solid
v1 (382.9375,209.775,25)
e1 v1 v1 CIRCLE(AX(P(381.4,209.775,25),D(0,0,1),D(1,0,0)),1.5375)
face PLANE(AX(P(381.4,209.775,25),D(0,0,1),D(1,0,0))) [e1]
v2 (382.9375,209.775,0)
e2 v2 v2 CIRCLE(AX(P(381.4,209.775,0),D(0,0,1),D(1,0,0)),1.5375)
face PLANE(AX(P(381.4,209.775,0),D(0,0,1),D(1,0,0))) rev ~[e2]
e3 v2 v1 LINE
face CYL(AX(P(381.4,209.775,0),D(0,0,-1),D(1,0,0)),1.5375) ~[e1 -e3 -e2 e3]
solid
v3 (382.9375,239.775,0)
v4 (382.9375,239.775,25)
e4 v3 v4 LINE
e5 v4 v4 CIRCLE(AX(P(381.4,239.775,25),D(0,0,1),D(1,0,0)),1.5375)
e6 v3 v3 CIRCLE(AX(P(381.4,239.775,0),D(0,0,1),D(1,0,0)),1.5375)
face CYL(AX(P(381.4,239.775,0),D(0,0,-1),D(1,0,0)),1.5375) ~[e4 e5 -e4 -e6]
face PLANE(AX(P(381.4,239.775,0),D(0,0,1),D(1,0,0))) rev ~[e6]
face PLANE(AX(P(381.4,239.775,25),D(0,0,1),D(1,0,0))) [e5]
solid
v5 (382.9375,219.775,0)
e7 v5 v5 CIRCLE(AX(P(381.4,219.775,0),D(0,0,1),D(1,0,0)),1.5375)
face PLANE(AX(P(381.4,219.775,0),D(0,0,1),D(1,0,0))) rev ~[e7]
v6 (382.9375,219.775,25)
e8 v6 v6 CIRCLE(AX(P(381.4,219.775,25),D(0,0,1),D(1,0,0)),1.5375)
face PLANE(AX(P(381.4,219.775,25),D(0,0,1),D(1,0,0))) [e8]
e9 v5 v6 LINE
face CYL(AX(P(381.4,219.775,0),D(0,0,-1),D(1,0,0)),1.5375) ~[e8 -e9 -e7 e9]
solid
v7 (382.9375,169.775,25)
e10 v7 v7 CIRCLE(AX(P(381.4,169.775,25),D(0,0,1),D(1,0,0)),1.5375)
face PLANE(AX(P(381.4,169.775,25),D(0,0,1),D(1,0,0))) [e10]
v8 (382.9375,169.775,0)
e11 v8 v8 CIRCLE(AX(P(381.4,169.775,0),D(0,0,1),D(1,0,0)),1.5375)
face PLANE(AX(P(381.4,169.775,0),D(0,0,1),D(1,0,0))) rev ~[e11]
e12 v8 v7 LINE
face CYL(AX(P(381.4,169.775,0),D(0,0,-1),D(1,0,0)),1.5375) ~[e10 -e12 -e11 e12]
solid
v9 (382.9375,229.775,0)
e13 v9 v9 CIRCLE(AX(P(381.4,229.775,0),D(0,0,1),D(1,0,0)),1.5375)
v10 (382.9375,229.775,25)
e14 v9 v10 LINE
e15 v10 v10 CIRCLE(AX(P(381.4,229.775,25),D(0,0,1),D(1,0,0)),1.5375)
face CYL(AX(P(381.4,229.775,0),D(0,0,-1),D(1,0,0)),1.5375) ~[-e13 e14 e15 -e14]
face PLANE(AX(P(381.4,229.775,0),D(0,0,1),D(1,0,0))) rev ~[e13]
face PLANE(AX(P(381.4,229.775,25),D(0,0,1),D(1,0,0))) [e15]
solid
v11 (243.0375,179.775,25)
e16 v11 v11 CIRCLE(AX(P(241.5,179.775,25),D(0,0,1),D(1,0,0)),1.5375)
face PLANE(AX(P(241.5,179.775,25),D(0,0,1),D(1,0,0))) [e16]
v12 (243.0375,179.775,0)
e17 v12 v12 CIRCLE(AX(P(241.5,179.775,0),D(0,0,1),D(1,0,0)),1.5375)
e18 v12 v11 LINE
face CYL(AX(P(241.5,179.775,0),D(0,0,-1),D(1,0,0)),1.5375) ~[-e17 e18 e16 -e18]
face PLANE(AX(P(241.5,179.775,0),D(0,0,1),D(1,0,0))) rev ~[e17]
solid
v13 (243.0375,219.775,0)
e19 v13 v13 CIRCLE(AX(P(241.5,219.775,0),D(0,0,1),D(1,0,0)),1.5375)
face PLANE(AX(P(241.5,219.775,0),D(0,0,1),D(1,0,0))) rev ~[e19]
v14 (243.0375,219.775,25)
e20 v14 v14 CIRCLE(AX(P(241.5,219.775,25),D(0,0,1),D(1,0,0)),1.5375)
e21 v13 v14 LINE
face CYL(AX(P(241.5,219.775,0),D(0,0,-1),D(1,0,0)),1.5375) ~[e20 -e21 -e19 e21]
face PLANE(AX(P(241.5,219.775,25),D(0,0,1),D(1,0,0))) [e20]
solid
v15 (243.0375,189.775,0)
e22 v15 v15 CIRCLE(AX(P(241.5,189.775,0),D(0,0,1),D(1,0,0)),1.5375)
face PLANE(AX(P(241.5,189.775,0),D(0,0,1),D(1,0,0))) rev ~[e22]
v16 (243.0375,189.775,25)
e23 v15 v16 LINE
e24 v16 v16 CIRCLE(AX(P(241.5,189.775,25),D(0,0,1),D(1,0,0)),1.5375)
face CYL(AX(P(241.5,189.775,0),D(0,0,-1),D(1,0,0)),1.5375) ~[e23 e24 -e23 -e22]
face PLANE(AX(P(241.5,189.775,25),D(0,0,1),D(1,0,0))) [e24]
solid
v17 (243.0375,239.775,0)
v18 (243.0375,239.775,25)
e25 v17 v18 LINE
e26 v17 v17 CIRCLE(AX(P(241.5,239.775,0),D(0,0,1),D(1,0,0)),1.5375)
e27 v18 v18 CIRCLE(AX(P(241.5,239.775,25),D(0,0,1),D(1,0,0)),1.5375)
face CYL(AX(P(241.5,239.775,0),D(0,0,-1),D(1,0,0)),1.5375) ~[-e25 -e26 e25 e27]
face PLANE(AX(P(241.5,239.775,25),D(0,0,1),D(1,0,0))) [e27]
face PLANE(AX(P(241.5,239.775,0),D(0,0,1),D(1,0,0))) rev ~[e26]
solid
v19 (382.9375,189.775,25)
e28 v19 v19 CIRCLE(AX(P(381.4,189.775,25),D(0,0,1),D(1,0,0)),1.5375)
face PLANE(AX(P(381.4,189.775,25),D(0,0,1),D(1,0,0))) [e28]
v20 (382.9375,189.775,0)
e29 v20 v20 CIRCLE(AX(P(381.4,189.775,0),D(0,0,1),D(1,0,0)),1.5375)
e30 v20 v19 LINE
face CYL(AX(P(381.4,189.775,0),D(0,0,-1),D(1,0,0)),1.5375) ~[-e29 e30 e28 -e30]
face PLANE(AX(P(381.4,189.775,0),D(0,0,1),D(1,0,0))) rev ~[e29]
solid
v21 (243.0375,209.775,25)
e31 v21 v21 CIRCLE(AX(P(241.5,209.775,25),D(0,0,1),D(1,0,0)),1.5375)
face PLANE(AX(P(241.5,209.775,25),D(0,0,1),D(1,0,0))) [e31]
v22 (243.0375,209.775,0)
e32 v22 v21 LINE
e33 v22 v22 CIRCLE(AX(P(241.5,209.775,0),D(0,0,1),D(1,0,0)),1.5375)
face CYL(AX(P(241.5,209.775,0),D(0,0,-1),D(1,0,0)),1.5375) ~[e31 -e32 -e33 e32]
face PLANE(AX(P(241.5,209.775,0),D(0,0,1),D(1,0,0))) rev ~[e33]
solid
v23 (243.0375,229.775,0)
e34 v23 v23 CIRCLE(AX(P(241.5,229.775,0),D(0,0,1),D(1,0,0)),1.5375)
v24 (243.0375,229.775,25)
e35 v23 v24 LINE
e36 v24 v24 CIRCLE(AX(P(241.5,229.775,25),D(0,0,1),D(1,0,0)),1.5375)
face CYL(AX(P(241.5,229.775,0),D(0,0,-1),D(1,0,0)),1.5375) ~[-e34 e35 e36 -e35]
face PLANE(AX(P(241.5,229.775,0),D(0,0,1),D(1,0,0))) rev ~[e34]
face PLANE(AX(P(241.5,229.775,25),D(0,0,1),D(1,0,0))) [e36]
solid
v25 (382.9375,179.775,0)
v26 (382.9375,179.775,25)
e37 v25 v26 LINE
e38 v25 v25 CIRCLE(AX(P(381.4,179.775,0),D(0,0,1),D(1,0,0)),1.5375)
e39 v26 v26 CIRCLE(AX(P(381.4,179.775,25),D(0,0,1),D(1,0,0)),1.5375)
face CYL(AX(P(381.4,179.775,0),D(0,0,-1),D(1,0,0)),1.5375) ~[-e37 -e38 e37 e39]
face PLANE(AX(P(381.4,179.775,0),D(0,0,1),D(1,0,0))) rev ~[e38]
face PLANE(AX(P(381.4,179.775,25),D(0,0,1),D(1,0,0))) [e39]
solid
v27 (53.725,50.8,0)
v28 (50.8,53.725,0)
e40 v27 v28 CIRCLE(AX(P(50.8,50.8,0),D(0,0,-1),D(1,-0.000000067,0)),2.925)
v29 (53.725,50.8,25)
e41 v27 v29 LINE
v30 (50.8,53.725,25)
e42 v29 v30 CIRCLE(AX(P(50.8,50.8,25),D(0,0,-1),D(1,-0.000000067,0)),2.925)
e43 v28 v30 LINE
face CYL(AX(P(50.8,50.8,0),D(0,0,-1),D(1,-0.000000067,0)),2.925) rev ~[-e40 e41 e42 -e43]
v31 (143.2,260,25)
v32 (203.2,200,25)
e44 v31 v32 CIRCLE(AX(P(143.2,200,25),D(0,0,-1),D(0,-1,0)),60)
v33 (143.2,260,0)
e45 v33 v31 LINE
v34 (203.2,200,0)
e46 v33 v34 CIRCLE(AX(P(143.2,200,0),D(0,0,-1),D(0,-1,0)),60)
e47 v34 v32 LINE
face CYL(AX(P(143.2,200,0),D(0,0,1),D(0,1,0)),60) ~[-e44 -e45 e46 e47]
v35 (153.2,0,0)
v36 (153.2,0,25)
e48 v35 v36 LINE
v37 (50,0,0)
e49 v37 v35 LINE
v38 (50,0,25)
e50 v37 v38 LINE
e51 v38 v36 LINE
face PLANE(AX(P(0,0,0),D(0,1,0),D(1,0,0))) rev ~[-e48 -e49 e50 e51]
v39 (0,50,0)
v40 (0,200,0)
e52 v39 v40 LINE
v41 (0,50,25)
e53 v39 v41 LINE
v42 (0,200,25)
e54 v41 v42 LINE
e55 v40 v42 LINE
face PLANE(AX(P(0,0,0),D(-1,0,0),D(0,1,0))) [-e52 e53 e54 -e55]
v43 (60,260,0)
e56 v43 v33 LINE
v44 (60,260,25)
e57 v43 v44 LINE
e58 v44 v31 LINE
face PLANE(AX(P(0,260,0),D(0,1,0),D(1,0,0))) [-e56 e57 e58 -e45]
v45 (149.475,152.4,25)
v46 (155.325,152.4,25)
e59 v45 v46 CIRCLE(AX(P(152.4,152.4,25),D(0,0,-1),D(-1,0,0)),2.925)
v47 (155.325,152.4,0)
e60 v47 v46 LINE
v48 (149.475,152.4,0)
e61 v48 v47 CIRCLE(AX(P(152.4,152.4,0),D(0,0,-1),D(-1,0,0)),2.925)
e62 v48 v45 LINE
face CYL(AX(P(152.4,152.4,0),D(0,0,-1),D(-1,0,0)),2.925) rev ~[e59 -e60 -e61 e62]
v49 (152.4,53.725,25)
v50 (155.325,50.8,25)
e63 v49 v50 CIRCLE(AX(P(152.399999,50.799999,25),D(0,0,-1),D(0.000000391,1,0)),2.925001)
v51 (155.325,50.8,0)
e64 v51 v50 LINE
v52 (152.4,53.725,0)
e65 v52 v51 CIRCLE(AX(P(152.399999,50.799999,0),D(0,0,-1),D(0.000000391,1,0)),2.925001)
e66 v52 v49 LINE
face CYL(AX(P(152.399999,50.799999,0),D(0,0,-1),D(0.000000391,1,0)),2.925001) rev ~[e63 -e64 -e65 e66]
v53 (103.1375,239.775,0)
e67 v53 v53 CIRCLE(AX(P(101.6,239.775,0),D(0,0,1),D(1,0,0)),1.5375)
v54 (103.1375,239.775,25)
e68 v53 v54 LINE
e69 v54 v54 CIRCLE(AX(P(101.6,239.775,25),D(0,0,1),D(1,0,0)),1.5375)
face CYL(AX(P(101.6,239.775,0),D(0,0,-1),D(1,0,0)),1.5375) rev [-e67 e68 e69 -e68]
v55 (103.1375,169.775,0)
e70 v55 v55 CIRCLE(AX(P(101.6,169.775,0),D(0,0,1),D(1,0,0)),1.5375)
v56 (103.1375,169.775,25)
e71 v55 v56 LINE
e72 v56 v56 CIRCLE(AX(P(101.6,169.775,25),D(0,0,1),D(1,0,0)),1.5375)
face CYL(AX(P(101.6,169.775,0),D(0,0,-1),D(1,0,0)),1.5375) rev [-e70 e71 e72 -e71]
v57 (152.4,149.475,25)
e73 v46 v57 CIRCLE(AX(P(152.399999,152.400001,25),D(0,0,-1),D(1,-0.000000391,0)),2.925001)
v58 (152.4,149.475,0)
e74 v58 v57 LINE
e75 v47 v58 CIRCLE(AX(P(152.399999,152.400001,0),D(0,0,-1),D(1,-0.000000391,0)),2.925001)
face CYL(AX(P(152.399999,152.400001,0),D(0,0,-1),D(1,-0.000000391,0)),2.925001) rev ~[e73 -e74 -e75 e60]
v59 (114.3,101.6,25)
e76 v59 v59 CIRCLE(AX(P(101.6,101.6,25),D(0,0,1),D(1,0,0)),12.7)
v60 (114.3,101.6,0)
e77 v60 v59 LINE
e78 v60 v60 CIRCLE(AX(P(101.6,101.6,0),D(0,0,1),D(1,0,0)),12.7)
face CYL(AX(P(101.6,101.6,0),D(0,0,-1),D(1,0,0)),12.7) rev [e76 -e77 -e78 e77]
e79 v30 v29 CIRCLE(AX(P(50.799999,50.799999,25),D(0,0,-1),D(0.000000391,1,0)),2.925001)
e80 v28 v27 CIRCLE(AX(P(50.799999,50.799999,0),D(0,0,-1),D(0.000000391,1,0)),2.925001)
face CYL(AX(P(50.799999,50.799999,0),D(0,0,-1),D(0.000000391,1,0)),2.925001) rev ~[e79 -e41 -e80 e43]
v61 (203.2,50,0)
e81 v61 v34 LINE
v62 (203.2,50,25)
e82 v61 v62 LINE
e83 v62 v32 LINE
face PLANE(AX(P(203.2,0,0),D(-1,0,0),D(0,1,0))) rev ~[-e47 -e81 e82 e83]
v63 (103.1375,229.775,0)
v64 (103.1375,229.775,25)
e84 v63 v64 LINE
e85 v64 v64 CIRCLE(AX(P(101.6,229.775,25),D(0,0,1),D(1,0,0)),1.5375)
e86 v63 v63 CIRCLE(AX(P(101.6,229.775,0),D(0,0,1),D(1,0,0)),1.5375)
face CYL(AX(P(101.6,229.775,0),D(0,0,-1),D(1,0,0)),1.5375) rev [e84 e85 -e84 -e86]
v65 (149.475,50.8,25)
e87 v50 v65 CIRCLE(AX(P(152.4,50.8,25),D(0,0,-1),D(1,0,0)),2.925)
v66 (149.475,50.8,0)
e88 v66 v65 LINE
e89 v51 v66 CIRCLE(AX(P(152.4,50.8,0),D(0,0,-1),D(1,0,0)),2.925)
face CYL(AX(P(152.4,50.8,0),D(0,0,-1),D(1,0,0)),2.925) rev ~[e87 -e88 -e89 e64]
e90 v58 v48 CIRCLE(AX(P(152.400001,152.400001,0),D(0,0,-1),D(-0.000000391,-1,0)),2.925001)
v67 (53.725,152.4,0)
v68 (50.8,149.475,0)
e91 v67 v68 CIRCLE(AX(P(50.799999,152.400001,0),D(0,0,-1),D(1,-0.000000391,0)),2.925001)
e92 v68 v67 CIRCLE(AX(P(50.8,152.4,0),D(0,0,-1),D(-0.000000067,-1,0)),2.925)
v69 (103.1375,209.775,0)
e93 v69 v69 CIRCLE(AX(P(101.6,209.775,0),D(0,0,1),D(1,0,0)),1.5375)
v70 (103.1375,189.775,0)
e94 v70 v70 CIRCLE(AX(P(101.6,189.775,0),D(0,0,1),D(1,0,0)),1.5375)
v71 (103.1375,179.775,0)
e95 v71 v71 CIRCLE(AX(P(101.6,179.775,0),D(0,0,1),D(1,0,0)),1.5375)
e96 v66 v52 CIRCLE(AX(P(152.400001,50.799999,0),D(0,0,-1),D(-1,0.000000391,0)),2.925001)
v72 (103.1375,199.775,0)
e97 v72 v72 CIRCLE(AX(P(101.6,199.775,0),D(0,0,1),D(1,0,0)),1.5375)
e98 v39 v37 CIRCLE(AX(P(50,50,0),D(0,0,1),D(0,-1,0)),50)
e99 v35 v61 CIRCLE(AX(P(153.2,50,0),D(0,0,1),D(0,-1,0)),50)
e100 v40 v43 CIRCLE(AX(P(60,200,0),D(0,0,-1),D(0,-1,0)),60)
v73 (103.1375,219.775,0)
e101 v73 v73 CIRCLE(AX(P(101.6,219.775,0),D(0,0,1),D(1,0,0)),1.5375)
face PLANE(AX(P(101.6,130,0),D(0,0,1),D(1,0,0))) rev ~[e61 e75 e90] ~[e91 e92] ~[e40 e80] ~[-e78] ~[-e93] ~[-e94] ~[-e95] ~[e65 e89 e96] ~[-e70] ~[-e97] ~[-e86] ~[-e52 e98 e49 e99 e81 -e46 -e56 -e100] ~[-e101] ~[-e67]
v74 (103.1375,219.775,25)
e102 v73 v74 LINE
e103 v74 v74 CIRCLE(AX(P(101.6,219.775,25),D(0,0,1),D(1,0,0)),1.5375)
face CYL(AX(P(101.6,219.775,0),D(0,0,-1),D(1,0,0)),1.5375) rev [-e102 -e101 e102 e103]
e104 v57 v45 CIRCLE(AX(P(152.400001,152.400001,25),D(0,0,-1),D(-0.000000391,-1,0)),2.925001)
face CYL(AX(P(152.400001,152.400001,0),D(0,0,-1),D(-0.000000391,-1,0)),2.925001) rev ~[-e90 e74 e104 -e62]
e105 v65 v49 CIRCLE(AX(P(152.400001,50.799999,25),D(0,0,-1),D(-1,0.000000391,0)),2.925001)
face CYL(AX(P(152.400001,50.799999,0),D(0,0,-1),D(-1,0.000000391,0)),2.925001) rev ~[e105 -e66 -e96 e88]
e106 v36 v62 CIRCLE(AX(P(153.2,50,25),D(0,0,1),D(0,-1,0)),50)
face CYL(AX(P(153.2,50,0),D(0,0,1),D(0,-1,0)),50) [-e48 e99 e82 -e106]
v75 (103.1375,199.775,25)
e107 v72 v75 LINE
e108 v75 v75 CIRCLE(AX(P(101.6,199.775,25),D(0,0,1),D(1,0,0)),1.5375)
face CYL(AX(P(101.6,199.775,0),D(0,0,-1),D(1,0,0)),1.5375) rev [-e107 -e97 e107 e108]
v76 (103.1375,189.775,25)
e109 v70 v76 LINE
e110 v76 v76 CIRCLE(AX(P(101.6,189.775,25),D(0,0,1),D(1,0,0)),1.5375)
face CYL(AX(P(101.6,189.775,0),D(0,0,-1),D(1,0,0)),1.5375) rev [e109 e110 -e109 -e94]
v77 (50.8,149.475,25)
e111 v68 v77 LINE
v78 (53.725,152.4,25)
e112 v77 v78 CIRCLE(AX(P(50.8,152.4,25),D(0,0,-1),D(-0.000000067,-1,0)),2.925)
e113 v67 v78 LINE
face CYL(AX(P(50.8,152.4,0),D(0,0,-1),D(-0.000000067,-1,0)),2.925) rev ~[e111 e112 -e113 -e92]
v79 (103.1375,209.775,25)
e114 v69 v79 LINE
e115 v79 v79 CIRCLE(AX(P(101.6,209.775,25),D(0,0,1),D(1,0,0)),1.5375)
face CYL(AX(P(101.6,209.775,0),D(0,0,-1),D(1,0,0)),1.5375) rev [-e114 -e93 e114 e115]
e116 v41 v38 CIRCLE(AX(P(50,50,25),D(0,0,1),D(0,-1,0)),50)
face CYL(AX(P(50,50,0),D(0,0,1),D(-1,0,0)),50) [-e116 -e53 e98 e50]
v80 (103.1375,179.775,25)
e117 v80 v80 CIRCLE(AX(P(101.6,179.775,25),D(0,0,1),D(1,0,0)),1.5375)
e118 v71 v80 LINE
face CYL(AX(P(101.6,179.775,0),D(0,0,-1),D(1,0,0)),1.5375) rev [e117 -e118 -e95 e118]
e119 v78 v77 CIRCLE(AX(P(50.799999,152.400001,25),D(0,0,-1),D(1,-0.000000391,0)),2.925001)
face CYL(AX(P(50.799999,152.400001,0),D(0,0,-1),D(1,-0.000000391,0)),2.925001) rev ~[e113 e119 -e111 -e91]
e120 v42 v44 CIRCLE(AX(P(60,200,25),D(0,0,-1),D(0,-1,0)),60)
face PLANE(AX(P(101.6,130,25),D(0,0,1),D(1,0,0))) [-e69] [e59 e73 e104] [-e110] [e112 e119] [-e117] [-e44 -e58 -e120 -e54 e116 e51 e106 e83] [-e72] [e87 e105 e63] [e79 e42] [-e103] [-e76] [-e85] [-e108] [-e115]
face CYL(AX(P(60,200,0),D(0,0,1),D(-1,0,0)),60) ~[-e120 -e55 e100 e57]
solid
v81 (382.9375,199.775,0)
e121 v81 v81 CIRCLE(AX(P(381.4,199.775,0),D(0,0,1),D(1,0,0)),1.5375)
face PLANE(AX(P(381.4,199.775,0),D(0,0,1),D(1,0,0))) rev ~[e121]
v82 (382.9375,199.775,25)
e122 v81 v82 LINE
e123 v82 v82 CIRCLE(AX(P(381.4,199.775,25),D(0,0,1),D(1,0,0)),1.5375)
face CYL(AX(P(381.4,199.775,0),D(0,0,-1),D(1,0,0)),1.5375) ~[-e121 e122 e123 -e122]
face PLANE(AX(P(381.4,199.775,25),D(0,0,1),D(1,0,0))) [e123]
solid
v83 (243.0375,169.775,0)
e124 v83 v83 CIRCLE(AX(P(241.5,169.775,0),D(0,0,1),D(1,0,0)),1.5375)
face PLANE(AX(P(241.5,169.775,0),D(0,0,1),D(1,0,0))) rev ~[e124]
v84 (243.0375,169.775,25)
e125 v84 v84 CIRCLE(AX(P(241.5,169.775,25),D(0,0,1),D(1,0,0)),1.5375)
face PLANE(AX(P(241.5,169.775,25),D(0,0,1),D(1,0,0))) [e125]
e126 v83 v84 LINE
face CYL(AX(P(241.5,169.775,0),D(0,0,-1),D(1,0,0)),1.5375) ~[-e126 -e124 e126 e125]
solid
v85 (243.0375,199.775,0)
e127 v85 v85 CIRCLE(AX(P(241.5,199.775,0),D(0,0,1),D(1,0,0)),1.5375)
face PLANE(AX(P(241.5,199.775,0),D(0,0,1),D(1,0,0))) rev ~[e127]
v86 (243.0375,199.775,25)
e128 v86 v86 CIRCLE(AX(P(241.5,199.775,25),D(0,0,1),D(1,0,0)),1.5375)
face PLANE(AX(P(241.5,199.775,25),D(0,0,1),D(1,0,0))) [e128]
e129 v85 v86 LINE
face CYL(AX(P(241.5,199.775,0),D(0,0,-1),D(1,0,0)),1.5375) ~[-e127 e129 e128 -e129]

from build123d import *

# Parameters (mm, degrees)
F0_W     = 203.2
F0_H     = 260
F0_R     = 1.5375
F0_R_2   = 12.7
F1_DEPTH = 25
F2_R     = 60
F3_R     = 50


with BuildPart() as f1:
    # F0 (on Top) → F1 (new body)
    with BuildSketch(Plane.XY):
        with Locations((101.6, 130)):
            Rectangle(F0_W, F0_H)
        with BuildLine():
            ThreePointArc((50.8, 149.475), (48.731713, 154.468287), (53.725, 152.4))
            Line((53.725, 152.4), (149.475, 152.4))
            ThreePointArc((149.475, 152.4), (152.4, 155.325), (155.325, 152.4))
            ThreePointArc((155.325, 152.4), (154.468287, 150.331713), (152.4, 149.475))
            Line((152.4, 149.475), (152.4, 53.725))
            ThreePointArc((152.4, 53.725), (154.468287, 52.868287), (155.325, 50.8))
            ThreePointArc((155.325, 50.8), (152.4, 47.875), (149.475, 50.8))
            Line((149.475, 50.8), (53.725, 50.8))
            ThreePointArc((53.725, 50.8), (48.731713, 48.731713), (50.8, 53.725))
            Line((50.8, 53.725), (50.8, 149.475))
        make_face(mode=Mode.SUBTRACT)
        with Locations((101.6, 169.775)):
            Circle(F0_R, mode=Mode.SUBTRACT)
        with Locations((101.6, 179.775)):
            Circle(F0_R, mode=Mode.SUBTRACT)
        with Locations((101.6, 189.775)):
            Circle(F0_R, mode=Mode.SUBTRACT)
        with Locations((101.6, 199.775)):
            Circle(F0_R, mode=Mode.SUBTRACT)
        with Locations((101.6, 209.775)):
            Circle(F0_R, mode=Mode.SUBTRACT)
        with Locations((101.6, 219.775)):
            Circle(F0_R, mode=Mode.SUBTRACT)
        with Locations((101.6, 229.775)):
            Circle(F0_R, mode=Mode.SUBTRACT)
        with Locations((101.6, 239.775)):
            Circle(F0_R, mode=Mode.SUBTRACT)
        with Locations((241.5, 239.775)):
            Circle(F0_R)
        with Locations((241.5, 229.775)):
            Circle(F0_R)
        with Locations((241.5, 219.775)):
            Circle(F0_R)
        with Locations((241.5, 209.775)):
            Circle(F0_R)
        with Locations((241.5, 199.775)):
            Circle(F0_R)
        with Locations((241.5, 189.775)):
            Circle(F0_R)
        with Locations((241.5, 179.775)):
            Circle(F0_R)
        with Locations((241.5, 169.775)):
            Circle(F0_R)
        with Locations((381.4, 239.775)):
            Circle(F0_R)
        with Locations((381.4, 229.775)):
            Circle(F0_R)
        with Locations((381.4, 219.775)):
            Circle(F0_R)
        with Locations((381.4, 209.775)):
            Circle(F0_R)
        with Locations((381.4, 199.775)):
            Circle(F0_R)
        with Locations((381.4, 189.775)):
            Circle(F0_R)
        with Locations((381.4, 179.775)):
            Circle(F0_R)
        with Locations((381.4, 169.775)):
            Circle(F0_R)
        with BuildLine():
            Line((149.475, 152.4), (53.725, 152.4))
            ThreePointArc((53.725, 152.4), (52.868287, 150.331713), (50.8, 149.475))
            Line((50.8, 149.475), (50.8, 53.725))
            ThreePointArc((50.8, 53.725), (52.868287, 52.868287), (53.725, 50.8))
            Line((53.725, 50.8), (149.475, 50.8))
            ThreePointArc((149.475, 50.8), (150.331713, 52.868287), (152.4, 53.725))
            Line((152.4, 53.725), (152.4, 149.475))
            ThreePointArc((152.4, 149.475), (150.331713, 150.331713), (149.475, 152.4))
        make_face()
        with Locations((101.6, 101.6)):
            Circle(F0_R_2, mode=Mode.SUBTRACT)
    extrude(amount=F1_DEPTH)

    # F2
    f2_edges = [f1.edges().sort_by_distance(p)[0] for p in [
        (203.2, 260, 12.5),
        (0, 260, 12.5),
    ]]
    fillet(f2_edges, radius=F2_R)

    # F3
    f3_edges = [f1.edges().sort_by_distance(p)[0] for p in [
        (203.2, 0, 12.5),
        (0, 0, 12.5),
    ]]
    fillet(f3_edges, radius=F3_R)


solid = f1.part
